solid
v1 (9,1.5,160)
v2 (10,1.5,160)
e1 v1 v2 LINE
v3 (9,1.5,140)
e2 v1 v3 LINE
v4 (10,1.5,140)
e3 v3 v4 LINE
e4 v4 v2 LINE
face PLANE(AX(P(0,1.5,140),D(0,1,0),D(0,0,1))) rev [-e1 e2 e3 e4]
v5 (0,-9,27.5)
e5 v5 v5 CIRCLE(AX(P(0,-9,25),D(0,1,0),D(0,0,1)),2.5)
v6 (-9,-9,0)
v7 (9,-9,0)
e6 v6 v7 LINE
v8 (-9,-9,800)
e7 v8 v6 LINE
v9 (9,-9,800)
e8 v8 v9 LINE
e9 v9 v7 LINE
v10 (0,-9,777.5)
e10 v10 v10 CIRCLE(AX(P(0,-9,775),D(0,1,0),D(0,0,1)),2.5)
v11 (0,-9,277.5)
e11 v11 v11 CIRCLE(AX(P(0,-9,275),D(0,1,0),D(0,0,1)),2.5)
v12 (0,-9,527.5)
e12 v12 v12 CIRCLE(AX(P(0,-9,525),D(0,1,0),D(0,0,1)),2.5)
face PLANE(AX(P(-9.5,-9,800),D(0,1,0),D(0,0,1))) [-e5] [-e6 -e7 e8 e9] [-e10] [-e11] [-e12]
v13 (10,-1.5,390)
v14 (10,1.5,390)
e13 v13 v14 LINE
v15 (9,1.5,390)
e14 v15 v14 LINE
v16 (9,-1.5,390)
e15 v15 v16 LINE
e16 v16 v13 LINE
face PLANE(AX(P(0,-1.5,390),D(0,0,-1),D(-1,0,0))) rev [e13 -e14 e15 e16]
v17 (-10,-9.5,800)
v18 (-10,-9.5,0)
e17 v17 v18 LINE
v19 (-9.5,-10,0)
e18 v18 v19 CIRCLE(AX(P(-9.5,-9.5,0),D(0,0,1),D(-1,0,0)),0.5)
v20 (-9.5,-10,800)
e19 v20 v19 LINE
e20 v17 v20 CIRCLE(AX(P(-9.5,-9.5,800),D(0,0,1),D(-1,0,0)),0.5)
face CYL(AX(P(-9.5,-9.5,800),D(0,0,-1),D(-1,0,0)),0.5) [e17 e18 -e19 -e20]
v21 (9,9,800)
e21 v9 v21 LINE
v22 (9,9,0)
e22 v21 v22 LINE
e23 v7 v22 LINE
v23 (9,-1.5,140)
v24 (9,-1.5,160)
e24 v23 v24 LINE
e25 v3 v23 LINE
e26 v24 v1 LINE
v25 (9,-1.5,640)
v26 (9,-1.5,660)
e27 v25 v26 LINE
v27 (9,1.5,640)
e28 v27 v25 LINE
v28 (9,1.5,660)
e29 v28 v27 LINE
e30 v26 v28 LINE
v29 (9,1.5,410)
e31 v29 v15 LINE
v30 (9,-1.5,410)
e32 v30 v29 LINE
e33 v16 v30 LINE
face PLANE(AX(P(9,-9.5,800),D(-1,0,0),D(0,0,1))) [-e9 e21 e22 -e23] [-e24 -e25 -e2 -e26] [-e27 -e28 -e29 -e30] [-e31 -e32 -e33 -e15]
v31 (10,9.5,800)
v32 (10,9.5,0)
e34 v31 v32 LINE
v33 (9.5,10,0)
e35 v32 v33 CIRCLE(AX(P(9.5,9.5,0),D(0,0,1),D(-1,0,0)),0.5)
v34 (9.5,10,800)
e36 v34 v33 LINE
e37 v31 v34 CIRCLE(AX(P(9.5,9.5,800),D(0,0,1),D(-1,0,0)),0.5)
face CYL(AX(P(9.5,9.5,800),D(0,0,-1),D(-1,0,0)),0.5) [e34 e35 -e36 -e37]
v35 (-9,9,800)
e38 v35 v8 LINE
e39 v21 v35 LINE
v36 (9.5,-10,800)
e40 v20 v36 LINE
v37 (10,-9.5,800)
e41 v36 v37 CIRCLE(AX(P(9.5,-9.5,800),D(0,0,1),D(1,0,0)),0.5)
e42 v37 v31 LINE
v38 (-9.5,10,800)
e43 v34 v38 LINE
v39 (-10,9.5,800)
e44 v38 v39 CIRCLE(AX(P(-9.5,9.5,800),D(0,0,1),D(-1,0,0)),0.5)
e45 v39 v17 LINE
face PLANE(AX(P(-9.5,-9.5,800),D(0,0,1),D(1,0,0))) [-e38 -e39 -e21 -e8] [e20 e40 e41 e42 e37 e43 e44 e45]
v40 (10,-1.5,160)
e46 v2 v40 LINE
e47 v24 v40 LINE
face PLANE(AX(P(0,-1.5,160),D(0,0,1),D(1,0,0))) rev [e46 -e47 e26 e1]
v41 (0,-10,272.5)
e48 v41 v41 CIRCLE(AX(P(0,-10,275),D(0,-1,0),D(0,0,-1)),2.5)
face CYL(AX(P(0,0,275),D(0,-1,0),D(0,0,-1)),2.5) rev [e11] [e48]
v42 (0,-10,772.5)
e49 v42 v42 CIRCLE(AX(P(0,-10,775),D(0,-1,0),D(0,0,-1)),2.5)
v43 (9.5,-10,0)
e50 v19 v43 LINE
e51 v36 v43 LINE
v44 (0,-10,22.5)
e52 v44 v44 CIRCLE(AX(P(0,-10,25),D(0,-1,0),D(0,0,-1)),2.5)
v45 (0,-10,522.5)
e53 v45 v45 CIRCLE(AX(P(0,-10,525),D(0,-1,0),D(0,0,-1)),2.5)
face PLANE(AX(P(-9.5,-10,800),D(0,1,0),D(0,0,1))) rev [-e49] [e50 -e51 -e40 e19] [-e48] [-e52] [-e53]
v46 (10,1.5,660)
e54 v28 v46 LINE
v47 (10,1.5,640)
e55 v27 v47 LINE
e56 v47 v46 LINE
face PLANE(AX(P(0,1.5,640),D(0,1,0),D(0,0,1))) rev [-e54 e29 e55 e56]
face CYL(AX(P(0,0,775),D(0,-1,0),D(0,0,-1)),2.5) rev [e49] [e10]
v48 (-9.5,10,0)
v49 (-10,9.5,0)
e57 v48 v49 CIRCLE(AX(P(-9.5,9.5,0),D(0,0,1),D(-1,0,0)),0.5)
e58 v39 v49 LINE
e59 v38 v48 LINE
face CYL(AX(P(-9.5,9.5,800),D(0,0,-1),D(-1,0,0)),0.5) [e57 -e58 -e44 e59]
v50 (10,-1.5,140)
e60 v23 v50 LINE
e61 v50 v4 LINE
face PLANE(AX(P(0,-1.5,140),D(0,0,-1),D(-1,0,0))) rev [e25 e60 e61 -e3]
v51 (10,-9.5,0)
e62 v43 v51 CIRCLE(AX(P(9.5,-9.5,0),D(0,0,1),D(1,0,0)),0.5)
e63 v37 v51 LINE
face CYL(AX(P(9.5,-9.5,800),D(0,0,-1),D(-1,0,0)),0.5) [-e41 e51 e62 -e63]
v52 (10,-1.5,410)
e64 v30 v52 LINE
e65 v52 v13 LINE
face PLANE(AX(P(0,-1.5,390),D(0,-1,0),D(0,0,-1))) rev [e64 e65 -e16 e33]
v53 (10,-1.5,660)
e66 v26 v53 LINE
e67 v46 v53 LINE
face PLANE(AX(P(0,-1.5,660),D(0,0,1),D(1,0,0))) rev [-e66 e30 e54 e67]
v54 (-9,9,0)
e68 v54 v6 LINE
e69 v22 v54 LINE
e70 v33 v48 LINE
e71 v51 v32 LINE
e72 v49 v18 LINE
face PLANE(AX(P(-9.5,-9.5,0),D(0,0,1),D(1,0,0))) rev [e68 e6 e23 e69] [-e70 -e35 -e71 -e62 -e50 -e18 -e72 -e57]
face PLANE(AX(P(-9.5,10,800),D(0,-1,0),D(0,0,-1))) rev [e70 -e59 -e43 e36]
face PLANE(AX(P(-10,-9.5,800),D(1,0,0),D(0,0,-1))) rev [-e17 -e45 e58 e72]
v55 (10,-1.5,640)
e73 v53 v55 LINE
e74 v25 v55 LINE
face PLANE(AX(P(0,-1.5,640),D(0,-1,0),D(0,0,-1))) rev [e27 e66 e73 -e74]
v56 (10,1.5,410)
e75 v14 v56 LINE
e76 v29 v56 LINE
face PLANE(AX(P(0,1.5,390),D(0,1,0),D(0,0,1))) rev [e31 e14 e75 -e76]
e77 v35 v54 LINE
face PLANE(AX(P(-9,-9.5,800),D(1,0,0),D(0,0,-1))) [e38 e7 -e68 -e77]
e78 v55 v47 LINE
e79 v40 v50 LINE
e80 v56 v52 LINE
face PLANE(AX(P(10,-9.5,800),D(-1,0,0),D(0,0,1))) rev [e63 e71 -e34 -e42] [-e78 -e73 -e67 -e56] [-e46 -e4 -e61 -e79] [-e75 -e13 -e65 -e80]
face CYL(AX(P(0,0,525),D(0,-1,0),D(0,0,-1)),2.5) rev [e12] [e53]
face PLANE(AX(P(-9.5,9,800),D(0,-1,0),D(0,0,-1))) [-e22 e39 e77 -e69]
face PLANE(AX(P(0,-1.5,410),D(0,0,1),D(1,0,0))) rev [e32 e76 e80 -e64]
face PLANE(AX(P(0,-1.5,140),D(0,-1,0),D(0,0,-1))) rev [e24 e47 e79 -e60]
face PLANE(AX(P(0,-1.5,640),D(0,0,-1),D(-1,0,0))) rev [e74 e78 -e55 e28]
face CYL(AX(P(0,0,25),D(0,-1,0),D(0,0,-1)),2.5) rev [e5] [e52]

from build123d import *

# Parameters (mm, degrees)
SKETCH1_W           = 18
SKETCH1_H           = 18
EXTRUDE_THIN1_DEPTH = 800
SKETCH2_W           = 20
SKETCH2_H           = 3
CUT_EXTRUDE1_DEPTH  = 10
SKETCH3_R           = 2.5
CUT_EXTRUDE2_DEPTH  = 10


with BuildPart() as part:
    # Sketch1 → Extrude-Thin1 (new body)
    with BuildSketch(Plane.XY):
        with BuildLine():
            Line((-10, 9.5), (-10, -9.5))
            ThreePointArc((-10, -9.5), (-9.853553391, -9.853553391), (-9.5, -10))
            Line((-9.5, -10), (9.5, -10))
            ThreePointArc((9.5, -10), (9.853553391, -9.853553391), (10, -9.5))
            Line((10, -9.5), (10, 9.5))
            ThreePointArc((10, 9.5), (9.853553391, 9.853553391), (9.5, 10))
            Line((9.5, 10), (-9.5, 10))
            ThreePointArc((-9.5, 10), (-9.853553391, 9.853553391), (-10, 9.5))
        make_face()
        Rectangle(SKETCH1_W, SKETCH1_H, mode=Mode.SUBTRACT)
    extrude(amount=EXTRUDE_THIN1_DEPTH)

    # Sketch2 → Cut-Extrude1 (cut)
    with BuildSketch(Plane(origin=(10, 0, 0), x_dir=(0, 0, -1), z_dir=(1, 0, 0))):
        with Locations((-150, 0)):
            Rectangle(SKETCH2_W, SKETCH2_H)
        with Locations((-400, 0)):
            Rectangle(SKETCH2_W, SKETCH2_H)
        with Locations((-650, 0)):
            Rectangle(SKETCH2_W, SKETCH2_H)
    extrude(amount=-CUT_EXTRUDE1_DEPTH, mode=Mode.SUBTRACT)

    # Sketch3 → Cut-Extrude2 (cut)
    with BuildSketch(Plane.XZ.offset(10)):
        with Locations((0, 25)):
            Circle(SKETCH3_R)
        with Locations((0, 275)):
            Circle(SKETCH3_R)
        with Locations((0, 525)):
            Circle(SKETCH3_R)
        with Locations((0, 775)):
            Circle(SKETCH3_R)
    extrude(amount=-CUT_EXTRUDE2_DEPTH, mode=Mode.SUBTRACT)


solid = part.part
